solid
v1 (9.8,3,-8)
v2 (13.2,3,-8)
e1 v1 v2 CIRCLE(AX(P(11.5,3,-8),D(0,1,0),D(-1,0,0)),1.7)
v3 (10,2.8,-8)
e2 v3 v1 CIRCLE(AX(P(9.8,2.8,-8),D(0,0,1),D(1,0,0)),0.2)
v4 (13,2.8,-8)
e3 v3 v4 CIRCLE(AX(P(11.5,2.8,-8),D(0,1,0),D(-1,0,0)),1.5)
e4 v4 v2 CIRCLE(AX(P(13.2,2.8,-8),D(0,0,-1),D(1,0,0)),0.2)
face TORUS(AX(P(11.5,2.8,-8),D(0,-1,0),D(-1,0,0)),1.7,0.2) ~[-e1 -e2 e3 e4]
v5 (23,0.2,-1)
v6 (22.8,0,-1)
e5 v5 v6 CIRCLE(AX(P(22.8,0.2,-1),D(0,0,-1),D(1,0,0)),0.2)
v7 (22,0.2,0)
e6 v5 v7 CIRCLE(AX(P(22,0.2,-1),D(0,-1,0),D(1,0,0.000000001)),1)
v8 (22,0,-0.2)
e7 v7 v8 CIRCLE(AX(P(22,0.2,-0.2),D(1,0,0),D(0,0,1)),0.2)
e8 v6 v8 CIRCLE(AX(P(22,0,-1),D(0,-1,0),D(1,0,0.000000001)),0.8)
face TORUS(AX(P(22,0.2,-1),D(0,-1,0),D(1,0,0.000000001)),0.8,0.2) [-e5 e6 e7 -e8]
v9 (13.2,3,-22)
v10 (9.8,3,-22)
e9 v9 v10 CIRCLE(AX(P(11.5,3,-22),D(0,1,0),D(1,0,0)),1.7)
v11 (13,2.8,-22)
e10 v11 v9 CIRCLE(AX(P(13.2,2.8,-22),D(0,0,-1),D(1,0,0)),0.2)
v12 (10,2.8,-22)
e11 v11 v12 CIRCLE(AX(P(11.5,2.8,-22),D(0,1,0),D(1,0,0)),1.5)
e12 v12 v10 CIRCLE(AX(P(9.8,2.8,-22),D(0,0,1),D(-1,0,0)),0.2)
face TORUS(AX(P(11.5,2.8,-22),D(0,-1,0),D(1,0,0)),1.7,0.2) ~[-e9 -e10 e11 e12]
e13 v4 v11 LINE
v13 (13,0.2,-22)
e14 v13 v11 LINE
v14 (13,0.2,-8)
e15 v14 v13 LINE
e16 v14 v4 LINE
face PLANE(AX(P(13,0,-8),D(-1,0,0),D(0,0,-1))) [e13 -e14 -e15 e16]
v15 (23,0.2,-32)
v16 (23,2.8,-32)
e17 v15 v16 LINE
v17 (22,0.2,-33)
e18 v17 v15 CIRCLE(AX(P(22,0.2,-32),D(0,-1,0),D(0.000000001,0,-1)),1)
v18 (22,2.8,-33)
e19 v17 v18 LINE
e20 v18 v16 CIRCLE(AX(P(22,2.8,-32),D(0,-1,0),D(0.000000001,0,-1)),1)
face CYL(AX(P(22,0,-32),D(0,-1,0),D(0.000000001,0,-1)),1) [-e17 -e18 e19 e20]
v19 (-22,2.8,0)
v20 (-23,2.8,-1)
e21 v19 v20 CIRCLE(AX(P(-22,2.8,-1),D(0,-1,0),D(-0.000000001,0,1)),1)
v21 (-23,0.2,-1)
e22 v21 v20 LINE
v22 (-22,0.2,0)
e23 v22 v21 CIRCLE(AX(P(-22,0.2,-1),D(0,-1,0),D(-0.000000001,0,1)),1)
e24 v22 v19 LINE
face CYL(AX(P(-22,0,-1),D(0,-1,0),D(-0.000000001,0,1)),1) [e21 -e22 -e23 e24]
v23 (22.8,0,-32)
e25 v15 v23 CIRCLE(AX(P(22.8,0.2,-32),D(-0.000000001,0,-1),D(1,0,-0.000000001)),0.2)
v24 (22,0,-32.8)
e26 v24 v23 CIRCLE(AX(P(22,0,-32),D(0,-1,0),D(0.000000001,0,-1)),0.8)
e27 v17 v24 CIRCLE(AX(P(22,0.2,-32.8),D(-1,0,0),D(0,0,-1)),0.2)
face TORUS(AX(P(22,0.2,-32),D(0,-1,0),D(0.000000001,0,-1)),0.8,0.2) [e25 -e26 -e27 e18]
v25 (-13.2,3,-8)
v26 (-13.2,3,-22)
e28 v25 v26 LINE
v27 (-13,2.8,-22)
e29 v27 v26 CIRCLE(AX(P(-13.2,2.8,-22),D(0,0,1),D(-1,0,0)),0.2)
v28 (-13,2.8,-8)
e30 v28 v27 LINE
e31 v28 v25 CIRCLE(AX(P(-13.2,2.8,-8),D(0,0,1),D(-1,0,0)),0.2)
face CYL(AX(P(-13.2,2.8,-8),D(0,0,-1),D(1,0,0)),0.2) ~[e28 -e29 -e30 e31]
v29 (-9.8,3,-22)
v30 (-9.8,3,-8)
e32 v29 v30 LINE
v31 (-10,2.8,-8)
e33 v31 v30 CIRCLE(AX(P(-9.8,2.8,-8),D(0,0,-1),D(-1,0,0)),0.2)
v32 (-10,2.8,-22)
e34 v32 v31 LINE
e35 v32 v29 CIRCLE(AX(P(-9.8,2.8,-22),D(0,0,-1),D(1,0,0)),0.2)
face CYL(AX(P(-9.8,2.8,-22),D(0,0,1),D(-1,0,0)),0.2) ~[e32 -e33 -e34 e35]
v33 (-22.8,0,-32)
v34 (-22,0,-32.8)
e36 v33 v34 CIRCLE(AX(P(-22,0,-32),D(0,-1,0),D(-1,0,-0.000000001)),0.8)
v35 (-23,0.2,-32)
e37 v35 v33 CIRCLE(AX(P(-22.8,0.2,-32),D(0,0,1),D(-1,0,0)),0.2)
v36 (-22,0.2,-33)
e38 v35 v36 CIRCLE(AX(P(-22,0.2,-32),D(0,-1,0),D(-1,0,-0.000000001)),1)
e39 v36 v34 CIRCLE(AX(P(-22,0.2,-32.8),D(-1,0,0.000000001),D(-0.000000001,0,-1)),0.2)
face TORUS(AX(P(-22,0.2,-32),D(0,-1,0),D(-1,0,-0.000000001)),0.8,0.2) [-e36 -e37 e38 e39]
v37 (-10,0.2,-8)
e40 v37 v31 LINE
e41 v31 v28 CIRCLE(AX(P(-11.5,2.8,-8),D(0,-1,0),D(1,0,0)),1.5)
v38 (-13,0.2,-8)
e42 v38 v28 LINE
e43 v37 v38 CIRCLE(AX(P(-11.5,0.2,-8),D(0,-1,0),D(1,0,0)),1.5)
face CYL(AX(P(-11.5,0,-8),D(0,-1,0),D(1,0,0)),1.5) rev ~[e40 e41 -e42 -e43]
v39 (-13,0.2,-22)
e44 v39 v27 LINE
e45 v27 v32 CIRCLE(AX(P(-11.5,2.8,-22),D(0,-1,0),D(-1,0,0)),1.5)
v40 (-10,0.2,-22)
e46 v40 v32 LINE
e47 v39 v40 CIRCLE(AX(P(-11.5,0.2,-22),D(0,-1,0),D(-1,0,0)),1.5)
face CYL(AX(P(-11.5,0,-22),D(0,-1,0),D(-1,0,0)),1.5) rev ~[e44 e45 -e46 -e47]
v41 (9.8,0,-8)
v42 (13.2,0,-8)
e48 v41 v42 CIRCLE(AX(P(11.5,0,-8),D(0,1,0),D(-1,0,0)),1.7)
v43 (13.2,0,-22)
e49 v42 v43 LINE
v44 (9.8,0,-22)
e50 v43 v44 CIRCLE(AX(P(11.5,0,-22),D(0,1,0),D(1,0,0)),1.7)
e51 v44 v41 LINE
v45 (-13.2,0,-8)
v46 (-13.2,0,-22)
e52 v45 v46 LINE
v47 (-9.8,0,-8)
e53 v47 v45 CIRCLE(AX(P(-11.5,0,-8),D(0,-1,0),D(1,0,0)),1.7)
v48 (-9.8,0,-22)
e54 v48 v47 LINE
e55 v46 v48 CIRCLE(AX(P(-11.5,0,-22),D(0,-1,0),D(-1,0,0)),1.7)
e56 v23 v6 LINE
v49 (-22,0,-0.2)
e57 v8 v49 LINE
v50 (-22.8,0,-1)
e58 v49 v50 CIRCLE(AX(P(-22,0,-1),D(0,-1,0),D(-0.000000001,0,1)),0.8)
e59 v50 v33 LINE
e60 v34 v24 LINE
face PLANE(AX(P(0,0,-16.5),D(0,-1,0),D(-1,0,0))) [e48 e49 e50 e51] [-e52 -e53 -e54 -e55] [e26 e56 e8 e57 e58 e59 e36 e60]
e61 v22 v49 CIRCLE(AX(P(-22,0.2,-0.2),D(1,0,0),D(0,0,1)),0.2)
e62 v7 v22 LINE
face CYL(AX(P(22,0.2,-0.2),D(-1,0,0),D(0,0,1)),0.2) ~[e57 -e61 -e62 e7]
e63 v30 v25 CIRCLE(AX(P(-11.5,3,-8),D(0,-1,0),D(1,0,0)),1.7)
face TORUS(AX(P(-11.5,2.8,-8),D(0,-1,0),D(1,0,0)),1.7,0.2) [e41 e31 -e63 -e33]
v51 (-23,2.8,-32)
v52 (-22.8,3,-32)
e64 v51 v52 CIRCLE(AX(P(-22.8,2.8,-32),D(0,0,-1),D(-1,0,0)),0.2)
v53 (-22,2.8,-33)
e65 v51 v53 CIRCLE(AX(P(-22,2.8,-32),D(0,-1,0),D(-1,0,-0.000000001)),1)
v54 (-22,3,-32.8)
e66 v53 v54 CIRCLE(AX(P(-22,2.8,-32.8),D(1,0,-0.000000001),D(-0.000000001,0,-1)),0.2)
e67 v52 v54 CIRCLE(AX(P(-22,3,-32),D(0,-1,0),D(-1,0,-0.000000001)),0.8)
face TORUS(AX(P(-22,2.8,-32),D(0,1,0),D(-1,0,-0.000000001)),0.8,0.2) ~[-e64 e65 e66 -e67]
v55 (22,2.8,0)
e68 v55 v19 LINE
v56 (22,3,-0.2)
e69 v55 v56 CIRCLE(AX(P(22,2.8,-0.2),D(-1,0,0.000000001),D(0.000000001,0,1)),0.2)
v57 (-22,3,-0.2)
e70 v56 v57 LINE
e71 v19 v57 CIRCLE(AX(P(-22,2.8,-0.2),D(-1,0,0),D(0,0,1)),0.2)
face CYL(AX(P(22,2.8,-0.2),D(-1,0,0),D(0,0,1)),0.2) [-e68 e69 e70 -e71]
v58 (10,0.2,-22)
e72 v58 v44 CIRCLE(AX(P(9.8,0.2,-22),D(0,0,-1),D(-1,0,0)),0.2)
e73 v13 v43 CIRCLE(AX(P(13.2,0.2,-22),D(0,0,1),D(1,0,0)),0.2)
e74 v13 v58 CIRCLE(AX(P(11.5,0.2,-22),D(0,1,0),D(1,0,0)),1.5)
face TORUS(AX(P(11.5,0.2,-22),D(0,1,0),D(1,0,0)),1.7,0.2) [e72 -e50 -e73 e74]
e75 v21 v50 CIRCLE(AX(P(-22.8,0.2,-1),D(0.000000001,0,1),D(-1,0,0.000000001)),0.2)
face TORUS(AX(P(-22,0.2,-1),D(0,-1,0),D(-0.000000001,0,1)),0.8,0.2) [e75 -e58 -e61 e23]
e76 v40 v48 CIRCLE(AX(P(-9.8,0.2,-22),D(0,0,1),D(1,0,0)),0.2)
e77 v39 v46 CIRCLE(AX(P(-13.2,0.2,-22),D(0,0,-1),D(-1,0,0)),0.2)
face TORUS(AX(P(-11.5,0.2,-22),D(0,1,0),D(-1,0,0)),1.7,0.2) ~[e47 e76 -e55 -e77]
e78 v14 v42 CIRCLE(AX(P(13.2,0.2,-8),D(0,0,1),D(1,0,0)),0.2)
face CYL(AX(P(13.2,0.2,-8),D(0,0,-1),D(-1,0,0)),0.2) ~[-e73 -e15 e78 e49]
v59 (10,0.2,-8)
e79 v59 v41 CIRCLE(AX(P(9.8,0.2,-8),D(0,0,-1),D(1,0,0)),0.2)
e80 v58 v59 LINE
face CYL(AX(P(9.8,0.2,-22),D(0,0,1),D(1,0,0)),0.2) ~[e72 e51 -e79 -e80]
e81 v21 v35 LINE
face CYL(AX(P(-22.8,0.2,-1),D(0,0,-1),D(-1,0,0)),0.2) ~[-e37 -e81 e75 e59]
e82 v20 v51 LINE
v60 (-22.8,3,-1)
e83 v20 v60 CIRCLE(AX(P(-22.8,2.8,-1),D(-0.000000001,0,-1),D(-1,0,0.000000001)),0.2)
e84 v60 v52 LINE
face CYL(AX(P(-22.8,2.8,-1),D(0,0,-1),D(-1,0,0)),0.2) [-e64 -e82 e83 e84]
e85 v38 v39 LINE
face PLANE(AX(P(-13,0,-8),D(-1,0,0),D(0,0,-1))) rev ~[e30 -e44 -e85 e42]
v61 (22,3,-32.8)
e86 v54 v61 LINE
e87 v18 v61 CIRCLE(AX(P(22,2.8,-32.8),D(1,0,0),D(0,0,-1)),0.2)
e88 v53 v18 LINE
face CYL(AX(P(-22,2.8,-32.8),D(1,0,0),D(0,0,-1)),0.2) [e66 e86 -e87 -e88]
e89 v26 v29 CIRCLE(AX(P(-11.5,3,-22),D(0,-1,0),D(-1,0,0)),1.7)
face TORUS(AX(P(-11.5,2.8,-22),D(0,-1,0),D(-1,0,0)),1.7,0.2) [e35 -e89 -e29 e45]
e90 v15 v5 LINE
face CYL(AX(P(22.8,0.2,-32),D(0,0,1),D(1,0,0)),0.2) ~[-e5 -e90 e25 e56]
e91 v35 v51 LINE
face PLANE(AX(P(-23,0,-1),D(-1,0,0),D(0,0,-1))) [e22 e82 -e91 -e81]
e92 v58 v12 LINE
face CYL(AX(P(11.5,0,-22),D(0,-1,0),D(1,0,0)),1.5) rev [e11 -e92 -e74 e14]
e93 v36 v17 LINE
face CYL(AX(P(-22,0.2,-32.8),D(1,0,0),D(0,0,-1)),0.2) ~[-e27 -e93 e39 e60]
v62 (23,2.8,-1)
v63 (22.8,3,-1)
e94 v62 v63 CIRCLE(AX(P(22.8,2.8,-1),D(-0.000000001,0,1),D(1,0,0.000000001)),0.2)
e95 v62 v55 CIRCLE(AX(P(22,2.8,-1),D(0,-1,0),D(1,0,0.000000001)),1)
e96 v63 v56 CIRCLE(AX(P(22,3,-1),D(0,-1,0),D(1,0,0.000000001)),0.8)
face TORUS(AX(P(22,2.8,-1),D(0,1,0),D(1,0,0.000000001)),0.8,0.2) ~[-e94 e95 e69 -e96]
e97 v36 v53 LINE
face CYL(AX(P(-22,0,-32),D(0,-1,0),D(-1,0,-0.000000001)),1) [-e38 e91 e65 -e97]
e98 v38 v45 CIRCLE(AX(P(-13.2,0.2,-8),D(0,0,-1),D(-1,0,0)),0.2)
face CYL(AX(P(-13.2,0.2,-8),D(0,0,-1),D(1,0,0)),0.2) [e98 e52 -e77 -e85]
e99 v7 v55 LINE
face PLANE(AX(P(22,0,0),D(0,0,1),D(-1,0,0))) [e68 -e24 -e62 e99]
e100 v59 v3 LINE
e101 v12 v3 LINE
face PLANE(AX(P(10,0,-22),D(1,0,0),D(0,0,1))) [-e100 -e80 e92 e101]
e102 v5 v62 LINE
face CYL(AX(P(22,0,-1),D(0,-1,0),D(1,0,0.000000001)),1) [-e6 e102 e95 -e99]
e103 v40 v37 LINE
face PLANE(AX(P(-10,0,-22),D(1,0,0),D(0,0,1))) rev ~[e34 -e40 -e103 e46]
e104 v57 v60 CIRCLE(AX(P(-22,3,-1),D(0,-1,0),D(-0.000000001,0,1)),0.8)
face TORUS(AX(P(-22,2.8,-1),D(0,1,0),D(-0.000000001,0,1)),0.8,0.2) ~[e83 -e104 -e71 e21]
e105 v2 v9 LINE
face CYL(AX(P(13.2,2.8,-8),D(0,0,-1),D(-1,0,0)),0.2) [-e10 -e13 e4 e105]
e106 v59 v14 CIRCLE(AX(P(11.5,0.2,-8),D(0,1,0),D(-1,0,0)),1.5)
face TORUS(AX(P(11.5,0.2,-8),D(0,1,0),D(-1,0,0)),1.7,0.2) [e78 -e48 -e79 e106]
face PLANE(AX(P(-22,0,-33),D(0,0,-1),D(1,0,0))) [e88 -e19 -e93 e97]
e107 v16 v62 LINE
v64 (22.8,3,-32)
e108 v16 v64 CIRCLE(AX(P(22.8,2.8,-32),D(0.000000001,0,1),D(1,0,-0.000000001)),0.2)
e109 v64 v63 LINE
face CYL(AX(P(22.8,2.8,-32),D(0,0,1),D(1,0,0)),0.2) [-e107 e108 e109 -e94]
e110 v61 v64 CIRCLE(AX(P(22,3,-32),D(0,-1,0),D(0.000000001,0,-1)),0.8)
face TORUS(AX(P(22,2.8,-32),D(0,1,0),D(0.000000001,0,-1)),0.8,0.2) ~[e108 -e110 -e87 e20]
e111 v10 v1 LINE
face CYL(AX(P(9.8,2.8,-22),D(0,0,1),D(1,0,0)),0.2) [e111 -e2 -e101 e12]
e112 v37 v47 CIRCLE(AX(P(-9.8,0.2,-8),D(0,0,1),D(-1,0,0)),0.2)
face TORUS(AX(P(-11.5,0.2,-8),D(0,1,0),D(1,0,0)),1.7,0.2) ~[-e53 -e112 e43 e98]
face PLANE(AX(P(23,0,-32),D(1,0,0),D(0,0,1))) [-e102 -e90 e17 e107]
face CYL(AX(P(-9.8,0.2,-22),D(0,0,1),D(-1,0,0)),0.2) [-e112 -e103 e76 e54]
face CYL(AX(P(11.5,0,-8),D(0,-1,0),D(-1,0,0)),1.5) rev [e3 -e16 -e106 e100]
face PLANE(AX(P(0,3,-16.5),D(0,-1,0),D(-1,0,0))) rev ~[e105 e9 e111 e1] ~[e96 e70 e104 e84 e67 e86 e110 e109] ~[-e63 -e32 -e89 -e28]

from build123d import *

# Parameters (mm, degrees)
BOSS_EXTRUDE1_DEPTH = 3
FILLET1_R           = 0.2


with BuildPart() as part:
    # Sketch1 → Boss-Extrude1 (new body)
    with BuildSketch(Plane(origin=(0, 0, 0), x_dir=(1, 0, 0), z_dir=(0, 1, 0))):
        with BuildLine():
            Line((22, 0), (-22, 0))
            ThreePointArc((-22, 0), (-22.707106781, 0.292893219), (-23, 1))
            Line((-23, 1), (-23, 32))
            ThreePointArc((-23, 32), (-22.707106781, 32.707106781), (-22, 33))
            Line((-22, 33), (22, 33))
            ThreePointArc((22, 33), (22.707106781, 32.707106781), (23, 32))
            Line((23, 32), (23, 1))
            ThreePointArc((23, 1), (22.707106781, 0.292893219), (22, 0))
        make_face()
        with BuildLine():
            Line((-10, 22), (-10, 8))
            ThreePointArc((-10, 8), (-11.5, 6.5), (-13, 8))
            Line((-13, 8), (-13, 22))
            ThreePointArc((-13, 22), (-11.5, 23.5), (-10, 22))
        make_face(mode=Mode.SUBTRACT)
        with BuildLine():
            Line((10, 22), (10, 8))
            ThreePointArc((10, 8), (11.5, 6.5), (13, 8))
            Line((13, 8), (13, 22))
            ThreePointArc((13, 22), (11.5, 23.5), (10, 22))
        make_face(mode=Mode.SUBTRACT)
    extrude(amount=BOSS_EXTRUDE1_DEPTH)

    # Fillet1
    fillet1_edges = [part.edges().sort_by_distance(p)[0] for p in [
        (22.707106781, 3, -0.292893219),
        (0, 0, 0),
        (-22.707106781, 0, -0.292893219),
        (23, 3, -16.5),
        (22.707106781, 3, -32.707106781),
        (0, 3, -33),
        (-22.707106781, 3, -32.707106781),
        (-11.5, 0, -23.5),
        (-13, 0, -15),
        (-11.5, 0, -6.5),
        (-10, 0, -15),
        (-23, 3, -16.5),
        (-11.5, 3, -23.5),
        (-13, 3, -15),
        (-11.5, 3, -6.5),
        (-10, 3, -15),
        (11.5, 0, -23.5),
        (10, 0, -15),
        (11.5, 0, -6.5),
        (13, 0, -15),
        (11.5, 3, -23.5),
        (10, 3, -15),
        (11.5, 3, -6.5),
        (13, 3, -15),
        (-22.707106781, 3, -0.292893219),
        (0, 3, 0),
        (-23, 0, -16.5),
        (-22.707106781, 0, -32.707106781),
        (0, 0, -33),
        (22.707106781, 0, -32.707106781),
        (23, 0, -16.5),
        (22.707106781, 0, -0.292893219),
    ]]
    fillet(fillet1_edges, radius=FILLET1_R)


solid = part.part
